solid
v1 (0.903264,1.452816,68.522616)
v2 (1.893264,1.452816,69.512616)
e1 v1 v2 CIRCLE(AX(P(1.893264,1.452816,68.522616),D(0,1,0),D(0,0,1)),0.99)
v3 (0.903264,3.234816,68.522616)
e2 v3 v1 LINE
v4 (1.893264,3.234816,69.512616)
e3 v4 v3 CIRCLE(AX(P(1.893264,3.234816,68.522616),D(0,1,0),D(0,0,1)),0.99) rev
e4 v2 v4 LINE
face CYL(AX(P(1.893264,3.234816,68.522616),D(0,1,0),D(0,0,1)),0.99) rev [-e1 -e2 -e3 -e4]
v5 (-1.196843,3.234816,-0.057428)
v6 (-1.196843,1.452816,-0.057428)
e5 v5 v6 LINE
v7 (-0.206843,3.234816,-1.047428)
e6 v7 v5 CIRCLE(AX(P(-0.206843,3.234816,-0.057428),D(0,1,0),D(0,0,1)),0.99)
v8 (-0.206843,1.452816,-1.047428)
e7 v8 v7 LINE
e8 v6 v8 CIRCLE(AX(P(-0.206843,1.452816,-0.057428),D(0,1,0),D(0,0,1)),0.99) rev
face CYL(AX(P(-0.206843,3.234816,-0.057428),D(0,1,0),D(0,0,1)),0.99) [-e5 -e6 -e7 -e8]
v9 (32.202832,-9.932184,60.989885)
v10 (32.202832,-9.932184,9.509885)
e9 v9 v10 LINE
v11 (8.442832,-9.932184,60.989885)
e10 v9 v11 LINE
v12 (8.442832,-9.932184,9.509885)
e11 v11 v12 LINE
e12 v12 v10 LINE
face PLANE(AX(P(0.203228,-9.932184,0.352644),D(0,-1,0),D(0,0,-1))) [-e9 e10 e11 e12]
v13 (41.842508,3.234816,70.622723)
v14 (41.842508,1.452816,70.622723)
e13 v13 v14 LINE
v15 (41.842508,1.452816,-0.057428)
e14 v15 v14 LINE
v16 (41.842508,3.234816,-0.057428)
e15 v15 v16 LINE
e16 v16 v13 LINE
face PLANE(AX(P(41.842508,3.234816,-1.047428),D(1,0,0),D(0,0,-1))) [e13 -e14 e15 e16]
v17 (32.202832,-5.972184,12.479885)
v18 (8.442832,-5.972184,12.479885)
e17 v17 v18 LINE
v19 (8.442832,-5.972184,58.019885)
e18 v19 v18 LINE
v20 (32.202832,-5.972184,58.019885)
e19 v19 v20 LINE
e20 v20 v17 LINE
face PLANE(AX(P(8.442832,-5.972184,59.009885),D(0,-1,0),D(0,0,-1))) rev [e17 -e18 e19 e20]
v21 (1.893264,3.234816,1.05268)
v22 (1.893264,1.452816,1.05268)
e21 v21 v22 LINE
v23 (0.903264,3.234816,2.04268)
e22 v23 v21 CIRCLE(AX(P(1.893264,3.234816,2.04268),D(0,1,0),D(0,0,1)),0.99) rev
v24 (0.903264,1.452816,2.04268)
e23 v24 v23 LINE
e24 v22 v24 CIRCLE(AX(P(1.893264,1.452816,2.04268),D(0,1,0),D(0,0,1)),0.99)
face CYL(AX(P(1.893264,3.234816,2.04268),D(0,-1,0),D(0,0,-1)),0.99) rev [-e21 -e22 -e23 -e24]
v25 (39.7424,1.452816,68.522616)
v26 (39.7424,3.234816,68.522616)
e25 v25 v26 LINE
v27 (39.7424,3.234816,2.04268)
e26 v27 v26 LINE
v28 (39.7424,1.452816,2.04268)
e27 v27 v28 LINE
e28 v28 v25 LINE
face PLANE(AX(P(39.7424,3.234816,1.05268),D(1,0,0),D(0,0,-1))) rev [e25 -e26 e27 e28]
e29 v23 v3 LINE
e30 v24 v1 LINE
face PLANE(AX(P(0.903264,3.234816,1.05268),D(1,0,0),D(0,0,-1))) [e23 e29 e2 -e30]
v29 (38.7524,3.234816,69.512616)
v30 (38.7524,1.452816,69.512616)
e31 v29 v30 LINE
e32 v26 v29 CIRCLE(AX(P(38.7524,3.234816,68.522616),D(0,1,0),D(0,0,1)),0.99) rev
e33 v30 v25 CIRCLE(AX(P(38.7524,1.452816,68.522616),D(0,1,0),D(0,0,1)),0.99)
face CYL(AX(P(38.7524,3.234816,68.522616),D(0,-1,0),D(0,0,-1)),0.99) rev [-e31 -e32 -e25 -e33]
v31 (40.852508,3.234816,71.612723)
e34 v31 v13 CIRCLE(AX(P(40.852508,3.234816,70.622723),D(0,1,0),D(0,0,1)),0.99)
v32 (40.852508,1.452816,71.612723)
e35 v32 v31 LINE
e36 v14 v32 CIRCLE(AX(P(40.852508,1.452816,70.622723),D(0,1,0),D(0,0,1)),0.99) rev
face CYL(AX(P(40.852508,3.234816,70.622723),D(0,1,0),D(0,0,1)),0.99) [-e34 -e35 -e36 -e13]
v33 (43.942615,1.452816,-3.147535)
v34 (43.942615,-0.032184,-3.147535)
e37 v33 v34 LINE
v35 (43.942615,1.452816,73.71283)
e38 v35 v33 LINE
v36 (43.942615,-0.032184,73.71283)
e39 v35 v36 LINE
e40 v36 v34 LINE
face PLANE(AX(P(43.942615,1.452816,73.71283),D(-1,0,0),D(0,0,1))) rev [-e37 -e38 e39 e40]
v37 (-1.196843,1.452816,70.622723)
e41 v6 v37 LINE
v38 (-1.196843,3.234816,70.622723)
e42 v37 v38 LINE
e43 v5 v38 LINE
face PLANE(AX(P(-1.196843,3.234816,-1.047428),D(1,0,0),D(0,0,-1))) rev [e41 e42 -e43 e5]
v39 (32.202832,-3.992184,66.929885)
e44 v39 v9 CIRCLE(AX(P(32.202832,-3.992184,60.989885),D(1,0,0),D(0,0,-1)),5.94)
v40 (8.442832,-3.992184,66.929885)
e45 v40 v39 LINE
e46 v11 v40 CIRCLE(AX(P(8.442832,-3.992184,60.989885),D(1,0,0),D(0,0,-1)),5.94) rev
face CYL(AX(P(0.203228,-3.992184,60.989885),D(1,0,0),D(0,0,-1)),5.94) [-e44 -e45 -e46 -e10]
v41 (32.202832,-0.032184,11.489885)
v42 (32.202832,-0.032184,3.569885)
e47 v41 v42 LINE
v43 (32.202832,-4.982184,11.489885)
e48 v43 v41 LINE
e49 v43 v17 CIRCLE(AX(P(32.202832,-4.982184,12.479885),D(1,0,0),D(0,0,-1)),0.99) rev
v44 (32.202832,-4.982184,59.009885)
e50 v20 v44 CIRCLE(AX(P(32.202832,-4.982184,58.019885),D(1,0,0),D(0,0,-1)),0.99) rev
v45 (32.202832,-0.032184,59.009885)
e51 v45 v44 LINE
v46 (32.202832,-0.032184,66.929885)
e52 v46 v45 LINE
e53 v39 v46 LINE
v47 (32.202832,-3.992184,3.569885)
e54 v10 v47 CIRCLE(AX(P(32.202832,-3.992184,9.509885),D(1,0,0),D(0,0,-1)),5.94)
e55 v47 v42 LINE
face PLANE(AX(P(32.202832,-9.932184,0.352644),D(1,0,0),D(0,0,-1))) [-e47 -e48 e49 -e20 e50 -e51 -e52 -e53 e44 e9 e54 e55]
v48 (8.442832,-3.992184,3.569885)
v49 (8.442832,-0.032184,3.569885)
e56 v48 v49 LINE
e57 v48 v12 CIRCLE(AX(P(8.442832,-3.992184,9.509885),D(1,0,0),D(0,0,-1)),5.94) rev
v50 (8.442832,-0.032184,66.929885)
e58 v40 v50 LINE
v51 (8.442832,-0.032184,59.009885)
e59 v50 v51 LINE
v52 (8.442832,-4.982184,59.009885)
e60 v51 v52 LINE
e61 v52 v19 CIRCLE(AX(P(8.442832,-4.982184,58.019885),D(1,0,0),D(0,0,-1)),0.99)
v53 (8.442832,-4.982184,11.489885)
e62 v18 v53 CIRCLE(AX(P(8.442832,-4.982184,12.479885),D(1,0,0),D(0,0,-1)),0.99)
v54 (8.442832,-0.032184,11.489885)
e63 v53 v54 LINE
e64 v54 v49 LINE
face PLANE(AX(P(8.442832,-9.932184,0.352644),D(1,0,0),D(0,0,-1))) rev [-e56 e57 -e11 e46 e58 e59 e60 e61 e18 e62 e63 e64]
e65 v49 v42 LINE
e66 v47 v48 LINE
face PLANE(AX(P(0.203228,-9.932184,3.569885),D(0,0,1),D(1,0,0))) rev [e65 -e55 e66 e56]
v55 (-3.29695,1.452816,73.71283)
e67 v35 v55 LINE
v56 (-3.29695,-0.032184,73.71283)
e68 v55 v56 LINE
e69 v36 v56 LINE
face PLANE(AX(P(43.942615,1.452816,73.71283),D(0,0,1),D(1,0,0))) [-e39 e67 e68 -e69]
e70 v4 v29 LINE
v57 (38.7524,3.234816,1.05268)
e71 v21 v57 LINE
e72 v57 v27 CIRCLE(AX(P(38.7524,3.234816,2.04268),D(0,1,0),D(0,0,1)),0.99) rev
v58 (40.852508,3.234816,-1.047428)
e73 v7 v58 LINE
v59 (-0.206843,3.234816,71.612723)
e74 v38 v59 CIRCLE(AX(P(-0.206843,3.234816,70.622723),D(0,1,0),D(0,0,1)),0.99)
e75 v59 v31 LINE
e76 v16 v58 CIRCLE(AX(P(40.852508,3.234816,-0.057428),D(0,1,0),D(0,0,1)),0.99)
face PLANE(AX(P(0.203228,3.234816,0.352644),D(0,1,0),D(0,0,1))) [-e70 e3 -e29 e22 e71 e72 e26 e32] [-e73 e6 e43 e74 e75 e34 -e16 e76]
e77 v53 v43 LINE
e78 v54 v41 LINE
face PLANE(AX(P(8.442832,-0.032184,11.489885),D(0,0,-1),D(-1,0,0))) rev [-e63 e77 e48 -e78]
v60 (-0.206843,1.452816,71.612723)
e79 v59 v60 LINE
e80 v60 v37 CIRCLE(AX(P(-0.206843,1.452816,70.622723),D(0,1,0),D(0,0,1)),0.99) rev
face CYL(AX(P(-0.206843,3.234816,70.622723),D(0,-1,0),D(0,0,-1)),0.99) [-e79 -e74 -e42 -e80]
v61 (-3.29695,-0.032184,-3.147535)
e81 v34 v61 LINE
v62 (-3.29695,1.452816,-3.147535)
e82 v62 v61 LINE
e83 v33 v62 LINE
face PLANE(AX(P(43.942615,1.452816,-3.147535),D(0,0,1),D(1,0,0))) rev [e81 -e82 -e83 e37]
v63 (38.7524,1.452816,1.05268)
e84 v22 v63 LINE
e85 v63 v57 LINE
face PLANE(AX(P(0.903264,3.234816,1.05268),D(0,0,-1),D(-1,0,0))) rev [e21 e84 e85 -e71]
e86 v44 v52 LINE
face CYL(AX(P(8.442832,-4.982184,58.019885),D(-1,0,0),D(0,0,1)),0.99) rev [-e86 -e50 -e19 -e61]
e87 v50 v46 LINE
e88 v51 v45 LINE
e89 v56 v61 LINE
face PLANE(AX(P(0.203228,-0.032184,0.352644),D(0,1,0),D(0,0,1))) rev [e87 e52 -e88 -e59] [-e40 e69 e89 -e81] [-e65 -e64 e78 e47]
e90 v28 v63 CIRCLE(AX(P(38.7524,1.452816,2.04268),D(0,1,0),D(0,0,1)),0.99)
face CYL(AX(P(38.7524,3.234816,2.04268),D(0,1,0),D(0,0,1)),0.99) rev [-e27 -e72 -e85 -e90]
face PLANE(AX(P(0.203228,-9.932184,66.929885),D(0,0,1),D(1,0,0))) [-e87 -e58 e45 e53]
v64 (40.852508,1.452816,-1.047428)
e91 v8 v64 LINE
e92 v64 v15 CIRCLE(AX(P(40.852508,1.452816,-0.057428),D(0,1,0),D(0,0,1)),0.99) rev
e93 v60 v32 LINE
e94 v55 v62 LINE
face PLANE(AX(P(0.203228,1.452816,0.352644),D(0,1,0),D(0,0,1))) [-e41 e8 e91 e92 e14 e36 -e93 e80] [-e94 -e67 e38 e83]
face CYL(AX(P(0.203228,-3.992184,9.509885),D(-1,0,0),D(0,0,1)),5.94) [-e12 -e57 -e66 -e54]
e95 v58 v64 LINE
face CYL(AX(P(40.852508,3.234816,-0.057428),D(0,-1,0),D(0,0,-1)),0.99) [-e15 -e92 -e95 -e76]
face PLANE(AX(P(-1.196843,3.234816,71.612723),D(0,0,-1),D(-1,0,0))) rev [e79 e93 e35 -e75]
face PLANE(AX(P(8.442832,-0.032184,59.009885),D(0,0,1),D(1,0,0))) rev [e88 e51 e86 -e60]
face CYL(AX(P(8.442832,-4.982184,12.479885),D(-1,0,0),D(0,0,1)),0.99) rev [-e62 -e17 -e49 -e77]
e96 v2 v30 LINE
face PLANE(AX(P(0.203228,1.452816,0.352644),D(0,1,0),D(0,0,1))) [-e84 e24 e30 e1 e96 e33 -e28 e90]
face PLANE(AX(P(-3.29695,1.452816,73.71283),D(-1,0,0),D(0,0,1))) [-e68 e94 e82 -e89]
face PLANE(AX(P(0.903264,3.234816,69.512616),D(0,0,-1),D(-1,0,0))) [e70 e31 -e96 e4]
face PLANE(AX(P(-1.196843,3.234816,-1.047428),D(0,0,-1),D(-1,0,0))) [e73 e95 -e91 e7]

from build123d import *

# Parameters (mm, degrees)
PCB_DIMENSIONS_W    = 47.716732244
PCB_DIMENSIONS_H    = 77.636732244
BOSS_EXTRUDE3_DEPTH = 1.5
SKETCH5_W           = 43.474091557
SKETCH5_H           = 73.394091557
SKETCH5_W_2         = 39.23145087
SKETCH5_H_2         = 69.15145087
BOSS_EXTRUDE4_DEPTH = 1.8
FILLET1_R           = 1
SKETCH6_W           = 12
SKETCH6_H           = 31.966906412
SKETCH6_H_2         = 32.033093588
BOSS_EXTRUDE5_DEPTH = 10
SKETCH7_W           = 48
SKETCH7_H           = 6
CUT_EXTRUDE1_DEPTH  = 24
FILLET2_R           = 6
FILLET3_R           = 1
SCALE1_SCALE        = 0.99


with BuildPart() as part:
    # PCB Dimensions → Boss-Extrude3 (new body)
    with BuildSketch(Plane(origin=(0, 0, 0), x_dir=(1, 0, 0), z_dir=(0, 1, 0))):
        with Locations((20.322832216, -35.282832216)):
            Rectangle(PCB_DIMENSIONS_W, PCB_DIMENSIONS_H)
    extrude(amount=BOSS_EXTRUDE3_DEPTH)

    # Sketch5 → Boss-Extrude4 (add)
    with BuildSketch(Plane(origin=(0, 1.5, 0), x_dir=(1, 0, 0), z_dir=(0, 1, 0))):
        with Locations((20.322832217, -35.282832217)):
            Rectangle(SKETCH5_W, SKETCH5_H)
        with Locations((20.322832216, -35.282832216)):
            Rectangle(SKETCH5_W_2, SKETCH5_H_2, mode=Mode.SUBTRACT)
    extrude(amount=BOSS_EXTRUDE4_DEPTH)

    # Fillet1
    fillet1_edges = [part.edges().sort_by_distance(p)[0] for p in [
        (-1.414213562, 2.4, -1.414213562),
        (-1.414213562, 2.4, 71.979877995),
        (42.059877995, 2.4, 71.979877995),
        (42.059877995, 2.4, -1.414213562),
        (0.707106781, 2.4, 0.707106781),
        (0.707106781, 2.4, 69.858557651),
        (39.938557651, 2.4, 69.858557651),
        (39.938557651, 2.4, 0.707106781),
    ]]
    fillet(fillet1_edges, radius=FILLET1_R)

    # Sketch6 → Boss-Extrude5 (add)
    with BuildSketch(Plane.XZ):
        with Locations((14.322832216, 51.266285422)):
            Rectangle(SKETCH6_W, SKETCH6_H)
        with Locations((26.322832216, 51.266285422)):
            Rectangle(SKETCH6_W, SKETCH6_H)
        with Locations((14.322832216, 19.266285422)):
            Rectangle(SKETCH6_W, SKETCH6_H_2)
        with Locations((26.322832216, 19.266285422)):
            Rectangle(SKETCH6_W, SKETCH6_H_2)
    extrude(amount=BOSS_EXTRUDE5_DEPTH)

    # Sketch7 → Cut-Extrude1 (cut)
    with BuildSketch(Plane(origin=(32.322832216, 0, 0), x_dir=(0, 0, -1), z_dir=(1, 0, 0))):
        with Locations((-35.249738628, -3)):
            Rectangle(SKETCH7_W, SKETCH7_H)
    extrude(amount=-CUT_EXTRUDE1_DEPTH, mode=Mode.SUBTRACT)

    # Fillet2
    fillet2_edges = [part.edges().sort_by_distance(p)[0] for p in [
        (20.322832216, -10, 67.249738628),
        (20.322832216, -10, 3.249738628),
    ]]
    fillet(fillet2_edges, radius=FILLET2_R)

    # Fillet3
    fillet3_edges = [part.edges().sort_by_distance(p)[0] for p in [
        (20.322832216, -6, 59.249738628),
        (20.322832216, -6, 11.249738628),
    ]]
    fillet(fillet3_edges, radius=FILLET3_R)


with BuildPart() as part_1:
    # Scale1: scaled about (20.322832216, -3.218350849, 35.264379677)
    add(part.part.scale(SCALE1_SCALE).moved(Location((0.203228322, -0.032183508, 0.352643797))))


solid = part_1.part
